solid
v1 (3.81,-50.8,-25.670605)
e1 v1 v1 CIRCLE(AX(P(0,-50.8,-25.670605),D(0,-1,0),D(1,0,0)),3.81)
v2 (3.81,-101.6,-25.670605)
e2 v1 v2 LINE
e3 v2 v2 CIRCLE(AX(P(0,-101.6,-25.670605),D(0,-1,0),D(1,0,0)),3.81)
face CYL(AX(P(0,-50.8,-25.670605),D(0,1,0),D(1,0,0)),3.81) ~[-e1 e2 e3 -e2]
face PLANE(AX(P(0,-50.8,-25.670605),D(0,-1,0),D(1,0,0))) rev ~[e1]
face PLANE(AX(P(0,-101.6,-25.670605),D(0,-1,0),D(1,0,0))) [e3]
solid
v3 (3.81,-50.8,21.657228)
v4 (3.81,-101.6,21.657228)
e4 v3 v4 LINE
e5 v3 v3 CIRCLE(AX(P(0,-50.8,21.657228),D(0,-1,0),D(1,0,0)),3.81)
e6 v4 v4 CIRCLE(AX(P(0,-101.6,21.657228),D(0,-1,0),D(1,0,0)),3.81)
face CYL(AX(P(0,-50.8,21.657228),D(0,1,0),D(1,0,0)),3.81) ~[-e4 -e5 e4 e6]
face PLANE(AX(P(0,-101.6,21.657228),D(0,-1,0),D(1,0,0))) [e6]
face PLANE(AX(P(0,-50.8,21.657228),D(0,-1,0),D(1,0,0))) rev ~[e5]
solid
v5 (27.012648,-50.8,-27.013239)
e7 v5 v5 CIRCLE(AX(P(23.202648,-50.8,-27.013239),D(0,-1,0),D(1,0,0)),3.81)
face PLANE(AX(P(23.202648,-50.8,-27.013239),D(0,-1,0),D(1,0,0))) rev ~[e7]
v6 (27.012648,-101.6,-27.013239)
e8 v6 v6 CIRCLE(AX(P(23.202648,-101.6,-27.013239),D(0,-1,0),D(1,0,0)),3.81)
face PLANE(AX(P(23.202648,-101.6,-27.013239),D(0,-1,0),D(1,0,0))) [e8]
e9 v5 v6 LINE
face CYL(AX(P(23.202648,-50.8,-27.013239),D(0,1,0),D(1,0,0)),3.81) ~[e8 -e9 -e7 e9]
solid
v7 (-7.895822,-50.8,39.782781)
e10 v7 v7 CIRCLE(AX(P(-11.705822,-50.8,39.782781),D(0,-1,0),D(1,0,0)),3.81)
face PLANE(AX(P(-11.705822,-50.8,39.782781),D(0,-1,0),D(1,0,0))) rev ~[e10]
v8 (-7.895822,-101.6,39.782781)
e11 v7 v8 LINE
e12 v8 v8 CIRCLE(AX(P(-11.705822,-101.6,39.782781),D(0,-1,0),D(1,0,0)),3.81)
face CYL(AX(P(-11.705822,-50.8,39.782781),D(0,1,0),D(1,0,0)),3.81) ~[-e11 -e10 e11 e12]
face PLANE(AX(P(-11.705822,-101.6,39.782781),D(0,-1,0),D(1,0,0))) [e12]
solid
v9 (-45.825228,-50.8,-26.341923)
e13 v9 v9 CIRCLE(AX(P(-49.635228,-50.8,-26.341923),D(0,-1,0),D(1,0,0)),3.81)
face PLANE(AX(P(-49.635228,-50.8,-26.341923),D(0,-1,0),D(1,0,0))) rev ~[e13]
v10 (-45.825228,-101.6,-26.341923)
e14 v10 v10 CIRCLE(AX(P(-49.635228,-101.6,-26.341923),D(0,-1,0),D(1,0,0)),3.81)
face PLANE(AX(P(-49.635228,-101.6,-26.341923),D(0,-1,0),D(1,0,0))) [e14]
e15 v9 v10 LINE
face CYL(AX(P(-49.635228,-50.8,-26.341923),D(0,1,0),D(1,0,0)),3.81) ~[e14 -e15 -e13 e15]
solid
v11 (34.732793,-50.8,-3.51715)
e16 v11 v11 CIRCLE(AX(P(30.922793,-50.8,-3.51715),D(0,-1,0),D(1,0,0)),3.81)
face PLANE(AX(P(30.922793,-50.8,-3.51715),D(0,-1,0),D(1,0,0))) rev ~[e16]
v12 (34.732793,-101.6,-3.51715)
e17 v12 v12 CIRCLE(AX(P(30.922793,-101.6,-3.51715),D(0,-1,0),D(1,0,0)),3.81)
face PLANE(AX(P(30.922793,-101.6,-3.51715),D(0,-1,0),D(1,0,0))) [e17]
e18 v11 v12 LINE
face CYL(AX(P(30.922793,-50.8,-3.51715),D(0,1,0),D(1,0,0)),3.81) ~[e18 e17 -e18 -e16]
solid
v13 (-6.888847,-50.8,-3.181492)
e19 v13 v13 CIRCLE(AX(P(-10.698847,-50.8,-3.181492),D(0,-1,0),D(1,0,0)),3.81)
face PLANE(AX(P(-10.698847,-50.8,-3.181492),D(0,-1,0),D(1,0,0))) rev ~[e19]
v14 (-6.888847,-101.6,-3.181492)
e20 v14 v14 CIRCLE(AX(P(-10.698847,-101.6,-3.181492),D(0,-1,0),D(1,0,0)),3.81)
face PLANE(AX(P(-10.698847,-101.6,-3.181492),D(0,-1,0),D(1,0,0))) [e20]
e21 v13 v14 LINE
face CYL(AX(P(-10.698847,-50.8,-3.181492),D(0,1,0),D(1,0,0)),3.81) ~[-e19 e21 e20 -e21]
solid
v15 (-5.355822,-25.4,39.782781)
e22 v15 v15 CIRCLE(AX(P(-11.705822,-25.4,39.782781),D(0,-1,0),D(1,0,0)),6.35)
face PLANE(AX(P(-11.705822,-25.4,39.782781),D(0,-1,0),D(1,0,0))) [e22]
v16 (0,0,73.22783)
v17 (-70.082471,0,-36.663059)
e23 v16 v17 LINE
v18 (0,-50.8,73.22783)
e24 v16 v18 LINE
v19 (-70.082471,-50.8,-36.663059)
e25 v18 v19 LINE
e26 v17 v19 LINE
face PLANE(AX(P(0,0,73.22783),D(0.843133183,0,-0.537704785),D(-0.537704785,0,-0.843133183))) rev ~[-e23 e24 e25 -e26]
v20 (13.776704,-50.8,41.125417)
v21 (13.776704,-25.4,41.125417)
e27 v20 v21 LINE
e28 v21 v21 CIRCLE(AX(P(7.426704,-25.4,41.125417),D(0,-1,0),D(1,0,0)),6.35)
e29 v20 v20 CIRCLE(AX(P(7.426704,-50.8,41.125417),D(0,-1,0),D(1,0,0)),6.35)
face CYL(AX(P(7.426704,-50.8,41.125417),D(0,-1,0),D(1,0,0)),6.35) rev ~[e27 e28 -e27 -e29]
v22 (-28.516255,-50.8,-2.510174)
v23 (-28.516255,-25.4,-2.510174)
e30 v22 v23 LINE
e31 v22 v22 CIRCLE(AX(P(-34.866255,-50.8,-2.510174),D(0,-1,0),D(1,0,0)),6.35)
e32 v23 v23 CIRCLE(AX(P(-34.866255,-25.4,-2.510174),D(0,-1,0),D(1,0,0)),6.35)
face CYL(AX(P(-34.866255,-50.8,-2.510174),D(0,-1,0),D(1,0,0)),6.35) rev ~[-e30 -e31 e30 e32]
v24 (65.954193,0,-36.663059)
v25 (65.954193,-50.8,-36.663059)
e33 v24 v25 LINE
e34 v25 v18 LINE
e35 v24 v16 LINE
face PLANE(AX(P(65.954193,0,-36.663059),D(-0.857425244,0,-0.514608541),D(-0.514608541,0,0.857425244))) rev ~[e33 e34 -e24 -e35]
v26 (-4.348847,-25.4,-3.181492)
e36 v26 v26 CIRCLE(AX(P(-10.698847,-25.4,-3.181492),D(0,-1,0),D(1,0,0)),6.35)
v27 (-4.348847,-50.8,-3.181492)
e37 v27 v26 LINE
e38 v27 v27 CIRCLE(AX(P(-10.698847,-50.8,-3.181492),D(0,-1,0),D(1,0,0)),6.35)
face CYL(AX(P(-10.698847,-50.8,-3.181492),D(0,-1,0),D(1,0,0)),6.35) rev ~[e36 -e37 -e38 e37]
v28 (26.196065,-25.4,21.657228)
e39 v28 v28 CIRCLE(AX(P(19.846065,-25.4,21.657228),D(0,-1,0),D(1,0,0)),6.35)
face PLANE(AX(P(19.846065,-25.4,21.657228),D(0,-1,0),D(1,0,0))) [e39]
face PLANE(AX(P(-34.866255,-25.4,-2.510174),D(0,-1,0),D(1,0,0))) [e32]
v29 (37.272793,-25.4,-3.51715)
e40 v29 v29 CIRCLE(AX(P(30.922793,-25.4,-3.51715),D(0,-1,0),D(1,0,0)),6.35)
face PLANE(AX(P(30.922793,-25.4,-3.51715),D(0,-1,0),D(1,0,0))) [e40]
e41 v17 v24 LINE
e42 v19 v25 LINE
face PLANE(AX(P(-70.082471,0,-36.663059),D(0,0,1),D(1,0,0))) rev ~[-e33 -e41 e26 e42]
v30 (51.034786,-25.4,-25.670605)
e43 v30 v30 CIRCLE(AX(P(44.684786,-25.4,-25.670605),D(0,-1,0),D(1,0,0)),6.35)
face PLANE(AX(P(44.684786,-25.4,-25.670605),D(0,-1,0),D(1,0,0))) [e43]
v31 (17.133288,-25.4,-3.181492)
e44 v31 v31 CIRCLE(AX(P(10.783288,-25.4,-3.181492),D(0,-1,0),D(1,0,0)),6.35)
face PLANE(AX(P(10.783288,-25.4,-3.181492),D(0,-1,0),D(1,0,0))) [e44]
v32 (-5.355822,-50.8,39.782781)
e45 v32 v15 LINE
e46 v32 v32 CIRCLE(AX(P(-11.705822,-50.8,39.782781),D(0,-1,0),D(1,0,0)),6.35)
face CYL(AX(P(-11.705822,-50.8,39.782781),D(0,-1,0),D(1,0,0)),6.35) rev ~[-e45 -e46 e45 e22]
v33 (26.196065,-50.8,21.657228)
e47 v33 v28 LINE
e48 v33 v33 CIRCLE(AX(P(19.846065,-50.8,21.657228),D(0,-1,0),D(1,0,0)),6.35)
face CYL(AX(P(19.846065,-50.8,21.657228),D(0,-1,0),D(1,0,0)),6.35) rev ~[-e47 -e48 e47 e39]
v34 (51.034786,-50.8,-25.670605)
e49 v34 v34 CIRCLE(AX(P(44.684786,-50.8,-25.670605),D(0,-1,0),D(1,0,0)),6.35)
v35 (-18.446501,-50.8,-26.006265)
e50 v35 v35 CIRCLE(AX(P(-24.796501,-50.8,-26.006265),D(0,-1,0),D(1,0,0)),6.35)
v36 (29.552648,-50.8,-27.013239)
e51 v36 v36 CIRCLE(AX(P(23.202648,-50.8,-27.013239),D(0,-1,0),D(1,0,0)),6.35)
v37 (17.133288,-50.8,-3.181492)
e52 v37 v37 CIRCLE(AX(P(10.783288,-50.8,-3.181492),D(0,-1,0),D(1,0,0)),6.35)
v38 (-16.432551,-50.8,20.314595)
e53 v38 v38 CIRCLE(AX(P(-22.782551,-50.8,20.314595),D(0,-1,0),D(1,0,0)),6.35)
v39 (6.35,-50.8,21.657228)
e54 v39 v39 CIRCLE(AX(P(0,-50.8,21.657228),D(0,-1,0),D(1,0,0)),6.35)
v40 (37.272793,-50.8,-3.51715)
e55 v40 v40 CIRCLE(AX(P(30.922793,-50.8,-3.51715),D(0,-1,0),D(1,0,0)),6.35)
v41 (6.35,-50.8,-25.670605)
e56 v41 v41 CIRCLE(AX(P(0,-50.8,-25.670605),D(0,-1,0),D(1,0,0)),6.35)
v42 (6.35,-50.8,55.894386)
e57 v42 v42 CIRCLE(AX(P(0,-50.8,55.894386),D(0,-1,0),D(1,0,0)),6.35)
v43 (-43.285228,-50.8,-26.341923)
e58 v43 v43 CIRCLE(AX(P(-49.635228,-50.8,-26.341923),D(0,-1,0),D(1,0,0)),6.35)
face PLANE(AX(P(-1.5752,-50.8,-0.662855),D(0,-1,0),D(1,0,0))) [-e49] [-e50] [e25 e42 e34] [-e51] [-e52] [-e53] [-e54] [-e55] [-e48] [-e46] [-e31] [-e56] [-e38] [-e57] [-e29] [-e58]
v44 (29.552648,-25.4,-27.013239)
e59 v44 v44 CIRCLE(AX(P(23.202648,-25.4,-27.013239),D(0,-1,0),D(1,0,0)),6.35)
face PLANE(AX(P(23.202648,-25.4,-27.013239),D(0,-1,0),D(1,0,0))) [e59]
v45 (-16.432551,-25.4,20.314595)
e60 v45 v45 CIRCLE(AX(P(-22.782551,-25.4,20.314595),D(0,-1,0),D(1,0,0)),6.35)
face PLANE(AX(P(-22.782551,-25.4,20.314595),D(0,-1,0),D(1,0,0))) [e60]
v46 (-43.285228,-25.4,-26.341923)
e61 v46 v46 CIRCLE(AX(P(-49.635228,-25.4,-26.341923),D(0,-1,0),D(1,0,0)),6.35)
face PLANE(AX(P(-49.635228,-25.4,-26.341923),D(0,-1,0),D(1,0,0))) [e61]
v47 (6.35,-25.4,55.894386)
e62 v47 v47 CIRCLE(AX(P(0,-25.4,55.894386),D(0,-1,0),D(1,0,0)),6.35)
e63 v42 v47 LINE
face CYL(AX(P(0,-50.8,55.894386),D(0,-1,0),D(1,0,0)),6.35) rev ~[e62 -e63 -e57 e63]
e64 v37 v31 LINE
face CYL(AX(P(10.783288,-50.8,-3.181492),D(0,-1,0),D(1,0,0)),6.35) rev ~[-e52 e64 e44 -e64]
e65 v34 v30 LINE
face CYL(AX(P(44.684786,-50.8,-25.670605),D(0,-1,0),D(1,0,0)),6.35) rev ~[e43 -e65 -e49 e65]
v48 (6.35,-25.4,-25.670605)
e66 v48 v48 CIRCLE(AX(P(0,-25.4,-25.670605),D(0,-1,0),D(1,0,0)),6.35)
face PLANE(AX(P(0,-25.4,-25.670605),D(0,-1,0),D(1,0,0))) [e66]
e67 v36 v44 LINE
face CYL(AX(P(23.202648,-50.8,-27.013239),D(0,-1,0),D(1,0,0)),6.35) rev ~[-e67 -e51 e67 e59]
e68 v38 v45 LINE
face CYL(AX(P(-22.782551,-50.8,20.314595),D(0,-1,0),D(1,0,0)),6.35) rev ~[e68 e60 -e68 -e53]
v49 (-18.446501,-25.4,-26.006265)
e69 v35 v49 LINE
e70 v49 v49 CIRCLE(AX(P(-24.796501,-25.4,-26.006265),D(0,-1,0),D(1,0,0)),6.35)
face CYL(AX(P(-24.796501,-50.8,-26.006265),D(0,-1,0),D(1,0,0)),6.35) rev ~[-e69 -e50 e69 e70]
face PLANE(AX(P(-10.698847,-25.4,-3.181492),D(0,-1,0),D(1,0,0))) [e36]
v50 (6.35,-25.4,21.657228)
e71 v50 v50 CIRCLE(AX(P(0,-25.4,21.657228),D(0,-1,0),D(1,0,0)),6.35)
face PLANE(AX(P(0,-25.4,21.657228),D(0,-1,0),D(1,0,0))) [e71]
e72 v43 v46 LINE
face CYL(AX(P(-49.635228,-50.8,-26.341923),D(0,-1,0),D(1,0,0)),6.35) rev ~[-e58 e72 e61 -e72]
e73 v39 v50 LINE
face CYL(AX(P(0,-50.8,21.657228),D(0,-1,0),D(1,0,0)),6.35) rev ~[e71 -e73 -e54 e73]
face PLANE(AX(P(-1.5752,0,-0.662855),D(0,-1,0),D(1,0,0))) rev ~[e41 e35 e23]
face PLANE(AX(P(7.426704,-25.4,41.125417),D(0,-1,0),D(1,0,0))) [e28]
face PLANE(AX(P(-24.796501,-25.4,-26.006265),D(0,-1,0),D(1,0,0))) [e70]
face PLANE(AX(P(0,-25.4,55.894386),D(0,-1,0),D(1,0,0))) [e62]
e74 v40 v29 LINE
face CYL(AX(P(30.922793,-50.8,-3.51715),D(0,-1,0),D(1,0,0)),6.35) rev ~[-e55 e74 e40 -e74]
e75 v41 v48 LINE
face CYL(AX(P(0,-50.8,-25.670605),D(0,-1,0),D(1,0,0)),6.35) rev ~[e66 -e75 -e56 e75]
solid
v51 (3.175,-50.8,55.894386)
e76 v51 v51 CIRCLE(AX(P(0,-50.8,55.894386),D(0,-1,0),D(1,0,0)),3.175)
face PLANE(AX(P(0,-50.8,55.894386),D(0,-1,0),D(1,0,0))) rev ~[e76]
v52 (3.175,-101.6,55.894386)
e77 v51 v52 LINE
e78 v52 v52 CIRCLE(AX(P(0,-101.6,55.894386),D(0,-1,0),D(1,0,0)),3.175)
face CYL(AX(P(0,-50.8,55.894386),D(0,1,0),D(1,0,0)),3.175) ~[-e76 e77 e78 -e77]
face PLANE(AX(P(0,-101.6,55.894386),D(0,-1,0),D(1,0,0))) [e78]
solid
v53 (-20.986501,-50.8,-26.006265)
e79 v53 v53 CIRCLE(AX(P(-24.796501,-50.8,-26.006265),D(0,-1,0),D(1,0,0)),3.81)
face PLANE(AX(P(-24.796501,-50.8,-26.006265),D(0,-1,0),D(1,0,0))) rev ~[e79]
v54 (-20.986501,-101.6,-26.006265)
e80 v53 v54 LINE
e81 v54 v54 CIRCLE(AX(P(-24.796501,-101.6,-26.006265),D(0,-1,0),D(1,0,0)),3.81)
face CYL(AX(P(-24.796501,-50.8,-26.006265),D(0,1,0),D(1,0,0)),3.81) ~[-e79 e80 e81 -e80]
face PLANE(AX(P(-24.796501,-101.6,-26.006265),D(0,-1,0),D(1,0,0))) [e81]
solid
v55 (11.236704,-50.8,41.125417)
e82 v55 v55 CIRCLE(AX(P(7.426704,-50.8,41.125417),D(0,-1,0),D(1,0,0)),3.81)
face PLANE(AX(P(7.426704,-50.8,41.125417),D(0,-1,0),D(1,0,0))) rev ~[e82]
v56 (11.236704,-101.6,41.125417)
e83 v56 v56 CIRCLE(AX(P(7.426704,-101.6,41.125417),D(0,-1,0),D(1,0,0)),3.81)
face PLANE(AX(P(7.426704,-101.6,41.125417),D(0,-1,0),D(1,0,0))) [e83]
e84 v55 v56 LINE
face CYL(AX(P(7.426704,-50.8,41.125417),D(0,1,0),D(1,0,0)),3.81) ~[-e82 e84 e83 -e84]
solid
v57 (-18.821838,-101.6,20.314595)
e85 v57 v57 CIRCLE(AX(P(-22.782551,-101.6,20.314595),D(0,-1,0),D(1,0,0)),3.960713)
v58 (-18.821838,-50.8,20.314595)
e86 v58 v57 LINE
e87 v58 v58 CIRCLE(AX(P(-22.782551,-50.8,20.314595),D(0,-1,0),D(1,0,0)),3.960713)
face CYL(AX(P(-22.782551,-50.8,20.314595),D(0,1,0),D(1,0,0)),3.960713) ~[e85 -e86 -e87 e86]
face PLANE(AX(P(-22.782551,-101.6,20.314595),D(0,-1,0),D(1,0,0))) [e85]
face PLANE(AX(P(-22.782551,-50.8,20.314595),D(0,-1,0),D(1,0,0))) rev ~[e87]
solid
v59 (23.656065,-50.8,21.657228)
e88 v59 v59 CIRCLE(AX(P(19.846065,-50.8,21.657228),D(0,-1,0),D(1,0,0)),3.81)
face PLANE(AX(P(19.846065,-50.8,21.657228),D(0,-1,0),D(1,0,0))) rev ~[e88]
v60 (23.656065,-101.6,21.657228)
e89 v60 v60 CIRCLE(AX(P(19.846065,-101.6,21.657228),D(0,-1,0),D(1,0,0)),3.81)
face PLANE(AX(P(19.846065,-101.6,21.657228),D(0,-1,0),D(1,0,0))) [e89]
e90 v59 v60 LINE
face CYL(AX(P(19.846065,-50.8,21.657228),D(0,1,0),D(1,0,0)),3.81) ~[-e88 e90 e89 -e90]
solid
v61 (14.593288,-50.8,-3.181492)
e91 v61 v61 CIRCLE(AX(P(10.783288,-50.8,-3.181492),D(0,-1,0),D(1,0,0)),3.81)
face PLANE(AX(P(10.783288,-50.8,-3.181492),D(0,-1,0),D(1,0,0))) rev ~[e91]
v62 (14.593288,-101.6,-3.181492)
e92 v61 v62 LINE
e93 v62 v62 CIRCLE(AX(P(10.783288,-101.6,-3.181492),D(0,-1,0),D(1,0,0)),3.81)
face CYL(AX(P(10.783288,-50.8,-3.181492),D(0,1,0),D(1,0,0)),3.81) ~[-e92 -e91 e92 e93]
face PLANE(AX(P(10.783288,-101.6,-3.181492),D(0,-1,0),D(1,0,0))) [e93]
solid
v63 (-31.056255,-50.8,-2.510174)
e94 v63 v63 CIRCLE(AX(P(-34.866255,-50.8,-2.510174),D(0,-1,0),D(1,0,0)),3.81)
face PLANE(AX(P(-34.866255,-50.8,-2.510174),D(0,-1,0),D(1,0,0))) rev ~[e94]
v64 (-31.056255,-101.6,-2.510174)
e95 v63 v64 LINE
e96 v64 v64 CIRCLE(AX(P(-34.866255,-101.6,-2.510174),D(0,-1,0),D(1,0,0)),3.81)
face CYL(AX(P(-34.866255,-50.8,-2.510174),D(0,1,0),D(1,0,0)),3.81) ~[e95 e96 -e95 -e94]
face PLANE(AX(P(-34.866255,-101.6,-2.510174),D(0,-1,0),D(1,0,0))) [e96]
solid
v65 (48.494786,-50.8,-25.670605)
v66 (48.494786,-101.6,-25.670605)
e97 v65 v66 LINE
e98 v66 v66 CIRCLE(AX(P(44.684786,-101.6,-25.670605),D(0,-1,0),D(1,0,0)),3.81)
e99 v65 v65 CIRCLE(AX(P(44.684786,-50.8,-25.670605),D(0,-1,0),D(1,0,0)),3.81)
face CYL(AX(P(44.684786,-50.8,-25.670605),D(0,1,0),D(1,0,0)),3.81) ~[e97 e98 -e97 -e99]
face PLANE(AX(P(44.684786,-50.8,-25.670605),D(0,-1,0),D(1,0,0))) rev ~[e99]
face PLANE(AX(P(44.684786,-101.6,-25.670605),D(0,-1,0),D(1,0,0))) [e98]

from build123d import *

# Parameters (mm, degrees)
F1_DEPTH  = 50.8
F2_R      = 6.35
F3_DEPTH  = 25.4
F4_R      = 6.35
F5_DEPTH  = 25.4
F6_R      = 6.35
F7_DEPTH  = 25.4
F8_R      = 6.35
F9_DEPTH  = 25.4
F10_R     = 3.175
F11_DEPTH = 50.8
F12_R     = 3.81
F13_DEPTH = 50.8
F14_R     = 3.81
F14_R_2   = 3.960713
F15_DEPTH = 50.8
F16_R     = 3.81
F17_DEPTH = 50.8


with BuildPart() as f1:
    # F0 (on Front) → F1 (new body)
    with BuildSketch(Plane.XZ):
        Polygon((65.954193, -36.663059), (0, 73.22783), (-70.082471, -36.663059), align=None)
    extrude(amount=F1_DEPTH)

    # F2 (on face) → F3 (cut)
    with BuildSketch(Plane.XZ.offset(50.8)):
        with Locations((-49.635228, -26.341923)):
            Circle(F2_R)
        with Locations((-24.796501, -26.006265)):
            Circle(F2_R)
        with Locations((0, -25.670605)):
            Circle(F2_R)
        with Locations((23.202648, -27.013239)):
            Circle(F2_R)
        with Locations((44.684786, -25.670605)):
            Circle(F2_R)
    extrude(amount=-F3_DEPTH, mode=Mode.SUBTRACT)

    # F4 (on face) → F5 (cut)
    with BuildSketch(Plane.XZ.offset(50.8)):
        with Locations((-34.866255, -2.510174)):
            Circle(F4_R)
        with Locations((-10.698847, -3.181492)):
            Circle(F4_R)
        with Locations((10.783288, -3.181492)):
            Circle(F4_R)
        with Locations((30.922793, -3.51715)):
            Circle(F4_R)
    extrude(amount=-F5_DEPTH, mode=Mode.SUBTRACT)

    # F6 (on face) → F7 (cut)
    with BuildSketch(Plane.XZ.offset(50.8)):
        with Locations((-22.782551, 20.314595)):
            Circle(F6_R)
        with Locations((0, 21.657228)):
            Circle(F6_R)
        with Locations((19.846065, 21.657228)):
            Circle(F6_R)
    extrude(amount=-F7_DEPTH, mode=Mode.SUBTRACT)

    # F8 (on face) → F9 (cut)
    with BuildSketch(Plane.XZ.offset(50.8)):
        with Locations((-11.705822, 39.782781)):
            Circle(F8_R)
        with Locations((7.426704, 41.125417)):
            Circle(F8_R)
        with Locations((0, 55.894386)):
            Circle(F8_R)
    extrude(amount=-F9_DEPTH, mode=Mode.SUBTRACT)


with BuildPart() as f11:
    # F10 (on face) → F11 (new body)
    with BuildSketch(Plane.XZ.offset(50.8)):
        with Locations((0, 55.894386)):
            Circle(F10_R)
    extrude(amount=F11_DEPTH)


with BuildPart() as f13:
    # F12 (on face) → F13 (new body)
    with BuildSketch(Plane.XZ.offset(50.8)):
        with Locations((-11.705822, 39.782781)):
            Circle(F12_R)
        with Locations((7.426704, 41.125417)):
            Circle(F12_R)
    extrude(amount=F13_DEPTH)


with BuildPart() as f15:
    # F14 (on face) → F15 (new body)
    with BuildSketch(Plane.XZ.offset(50.8)):
        with Locations((0, 21.657228)):
            Circle(F14_R)
        with Locations((19.846065, 21.657228)):
            Circle(F14_R)
        with Locations((-22.782551, 20.314595)):
            Circle(F14_R_2)
    extrude(amount=F15_DEPTH)


with BuildPart() as f17:
    # F16 (on face) → F17 (new body)
    with BuildSketch(Plane.XZ.offset(50.8)):
        with Locations((-49.635228, -26.341923)):
            Circle(F16_R)
        with Locations((-24.796501, -26.006265)):
            Circle(F16_R)
        with Locations((0, -25.670605)):
            Circle(F16_R)
        with Locations((23.202648, -27.013239)):
            Circle(F16_R)
        with Locations((44.684786, -25.670605)):
            Circle(F16_R)
        with Locations((-34.866255, -2.510174)):
            Circle(F16_R)
        with Locations((-10.698847, -3.181492)):
            Circle(F16_R)
        with Locations((10.783288, -3.181492)):
            Circle(F16_R)
        with Locations((30.922793, -3.51715)):
            Circle(F16_R)
    extrude(amount=F17_DEPTH)


solid = Compound([f1.part, f11.part, f13.part, f15.part, f17.part])
